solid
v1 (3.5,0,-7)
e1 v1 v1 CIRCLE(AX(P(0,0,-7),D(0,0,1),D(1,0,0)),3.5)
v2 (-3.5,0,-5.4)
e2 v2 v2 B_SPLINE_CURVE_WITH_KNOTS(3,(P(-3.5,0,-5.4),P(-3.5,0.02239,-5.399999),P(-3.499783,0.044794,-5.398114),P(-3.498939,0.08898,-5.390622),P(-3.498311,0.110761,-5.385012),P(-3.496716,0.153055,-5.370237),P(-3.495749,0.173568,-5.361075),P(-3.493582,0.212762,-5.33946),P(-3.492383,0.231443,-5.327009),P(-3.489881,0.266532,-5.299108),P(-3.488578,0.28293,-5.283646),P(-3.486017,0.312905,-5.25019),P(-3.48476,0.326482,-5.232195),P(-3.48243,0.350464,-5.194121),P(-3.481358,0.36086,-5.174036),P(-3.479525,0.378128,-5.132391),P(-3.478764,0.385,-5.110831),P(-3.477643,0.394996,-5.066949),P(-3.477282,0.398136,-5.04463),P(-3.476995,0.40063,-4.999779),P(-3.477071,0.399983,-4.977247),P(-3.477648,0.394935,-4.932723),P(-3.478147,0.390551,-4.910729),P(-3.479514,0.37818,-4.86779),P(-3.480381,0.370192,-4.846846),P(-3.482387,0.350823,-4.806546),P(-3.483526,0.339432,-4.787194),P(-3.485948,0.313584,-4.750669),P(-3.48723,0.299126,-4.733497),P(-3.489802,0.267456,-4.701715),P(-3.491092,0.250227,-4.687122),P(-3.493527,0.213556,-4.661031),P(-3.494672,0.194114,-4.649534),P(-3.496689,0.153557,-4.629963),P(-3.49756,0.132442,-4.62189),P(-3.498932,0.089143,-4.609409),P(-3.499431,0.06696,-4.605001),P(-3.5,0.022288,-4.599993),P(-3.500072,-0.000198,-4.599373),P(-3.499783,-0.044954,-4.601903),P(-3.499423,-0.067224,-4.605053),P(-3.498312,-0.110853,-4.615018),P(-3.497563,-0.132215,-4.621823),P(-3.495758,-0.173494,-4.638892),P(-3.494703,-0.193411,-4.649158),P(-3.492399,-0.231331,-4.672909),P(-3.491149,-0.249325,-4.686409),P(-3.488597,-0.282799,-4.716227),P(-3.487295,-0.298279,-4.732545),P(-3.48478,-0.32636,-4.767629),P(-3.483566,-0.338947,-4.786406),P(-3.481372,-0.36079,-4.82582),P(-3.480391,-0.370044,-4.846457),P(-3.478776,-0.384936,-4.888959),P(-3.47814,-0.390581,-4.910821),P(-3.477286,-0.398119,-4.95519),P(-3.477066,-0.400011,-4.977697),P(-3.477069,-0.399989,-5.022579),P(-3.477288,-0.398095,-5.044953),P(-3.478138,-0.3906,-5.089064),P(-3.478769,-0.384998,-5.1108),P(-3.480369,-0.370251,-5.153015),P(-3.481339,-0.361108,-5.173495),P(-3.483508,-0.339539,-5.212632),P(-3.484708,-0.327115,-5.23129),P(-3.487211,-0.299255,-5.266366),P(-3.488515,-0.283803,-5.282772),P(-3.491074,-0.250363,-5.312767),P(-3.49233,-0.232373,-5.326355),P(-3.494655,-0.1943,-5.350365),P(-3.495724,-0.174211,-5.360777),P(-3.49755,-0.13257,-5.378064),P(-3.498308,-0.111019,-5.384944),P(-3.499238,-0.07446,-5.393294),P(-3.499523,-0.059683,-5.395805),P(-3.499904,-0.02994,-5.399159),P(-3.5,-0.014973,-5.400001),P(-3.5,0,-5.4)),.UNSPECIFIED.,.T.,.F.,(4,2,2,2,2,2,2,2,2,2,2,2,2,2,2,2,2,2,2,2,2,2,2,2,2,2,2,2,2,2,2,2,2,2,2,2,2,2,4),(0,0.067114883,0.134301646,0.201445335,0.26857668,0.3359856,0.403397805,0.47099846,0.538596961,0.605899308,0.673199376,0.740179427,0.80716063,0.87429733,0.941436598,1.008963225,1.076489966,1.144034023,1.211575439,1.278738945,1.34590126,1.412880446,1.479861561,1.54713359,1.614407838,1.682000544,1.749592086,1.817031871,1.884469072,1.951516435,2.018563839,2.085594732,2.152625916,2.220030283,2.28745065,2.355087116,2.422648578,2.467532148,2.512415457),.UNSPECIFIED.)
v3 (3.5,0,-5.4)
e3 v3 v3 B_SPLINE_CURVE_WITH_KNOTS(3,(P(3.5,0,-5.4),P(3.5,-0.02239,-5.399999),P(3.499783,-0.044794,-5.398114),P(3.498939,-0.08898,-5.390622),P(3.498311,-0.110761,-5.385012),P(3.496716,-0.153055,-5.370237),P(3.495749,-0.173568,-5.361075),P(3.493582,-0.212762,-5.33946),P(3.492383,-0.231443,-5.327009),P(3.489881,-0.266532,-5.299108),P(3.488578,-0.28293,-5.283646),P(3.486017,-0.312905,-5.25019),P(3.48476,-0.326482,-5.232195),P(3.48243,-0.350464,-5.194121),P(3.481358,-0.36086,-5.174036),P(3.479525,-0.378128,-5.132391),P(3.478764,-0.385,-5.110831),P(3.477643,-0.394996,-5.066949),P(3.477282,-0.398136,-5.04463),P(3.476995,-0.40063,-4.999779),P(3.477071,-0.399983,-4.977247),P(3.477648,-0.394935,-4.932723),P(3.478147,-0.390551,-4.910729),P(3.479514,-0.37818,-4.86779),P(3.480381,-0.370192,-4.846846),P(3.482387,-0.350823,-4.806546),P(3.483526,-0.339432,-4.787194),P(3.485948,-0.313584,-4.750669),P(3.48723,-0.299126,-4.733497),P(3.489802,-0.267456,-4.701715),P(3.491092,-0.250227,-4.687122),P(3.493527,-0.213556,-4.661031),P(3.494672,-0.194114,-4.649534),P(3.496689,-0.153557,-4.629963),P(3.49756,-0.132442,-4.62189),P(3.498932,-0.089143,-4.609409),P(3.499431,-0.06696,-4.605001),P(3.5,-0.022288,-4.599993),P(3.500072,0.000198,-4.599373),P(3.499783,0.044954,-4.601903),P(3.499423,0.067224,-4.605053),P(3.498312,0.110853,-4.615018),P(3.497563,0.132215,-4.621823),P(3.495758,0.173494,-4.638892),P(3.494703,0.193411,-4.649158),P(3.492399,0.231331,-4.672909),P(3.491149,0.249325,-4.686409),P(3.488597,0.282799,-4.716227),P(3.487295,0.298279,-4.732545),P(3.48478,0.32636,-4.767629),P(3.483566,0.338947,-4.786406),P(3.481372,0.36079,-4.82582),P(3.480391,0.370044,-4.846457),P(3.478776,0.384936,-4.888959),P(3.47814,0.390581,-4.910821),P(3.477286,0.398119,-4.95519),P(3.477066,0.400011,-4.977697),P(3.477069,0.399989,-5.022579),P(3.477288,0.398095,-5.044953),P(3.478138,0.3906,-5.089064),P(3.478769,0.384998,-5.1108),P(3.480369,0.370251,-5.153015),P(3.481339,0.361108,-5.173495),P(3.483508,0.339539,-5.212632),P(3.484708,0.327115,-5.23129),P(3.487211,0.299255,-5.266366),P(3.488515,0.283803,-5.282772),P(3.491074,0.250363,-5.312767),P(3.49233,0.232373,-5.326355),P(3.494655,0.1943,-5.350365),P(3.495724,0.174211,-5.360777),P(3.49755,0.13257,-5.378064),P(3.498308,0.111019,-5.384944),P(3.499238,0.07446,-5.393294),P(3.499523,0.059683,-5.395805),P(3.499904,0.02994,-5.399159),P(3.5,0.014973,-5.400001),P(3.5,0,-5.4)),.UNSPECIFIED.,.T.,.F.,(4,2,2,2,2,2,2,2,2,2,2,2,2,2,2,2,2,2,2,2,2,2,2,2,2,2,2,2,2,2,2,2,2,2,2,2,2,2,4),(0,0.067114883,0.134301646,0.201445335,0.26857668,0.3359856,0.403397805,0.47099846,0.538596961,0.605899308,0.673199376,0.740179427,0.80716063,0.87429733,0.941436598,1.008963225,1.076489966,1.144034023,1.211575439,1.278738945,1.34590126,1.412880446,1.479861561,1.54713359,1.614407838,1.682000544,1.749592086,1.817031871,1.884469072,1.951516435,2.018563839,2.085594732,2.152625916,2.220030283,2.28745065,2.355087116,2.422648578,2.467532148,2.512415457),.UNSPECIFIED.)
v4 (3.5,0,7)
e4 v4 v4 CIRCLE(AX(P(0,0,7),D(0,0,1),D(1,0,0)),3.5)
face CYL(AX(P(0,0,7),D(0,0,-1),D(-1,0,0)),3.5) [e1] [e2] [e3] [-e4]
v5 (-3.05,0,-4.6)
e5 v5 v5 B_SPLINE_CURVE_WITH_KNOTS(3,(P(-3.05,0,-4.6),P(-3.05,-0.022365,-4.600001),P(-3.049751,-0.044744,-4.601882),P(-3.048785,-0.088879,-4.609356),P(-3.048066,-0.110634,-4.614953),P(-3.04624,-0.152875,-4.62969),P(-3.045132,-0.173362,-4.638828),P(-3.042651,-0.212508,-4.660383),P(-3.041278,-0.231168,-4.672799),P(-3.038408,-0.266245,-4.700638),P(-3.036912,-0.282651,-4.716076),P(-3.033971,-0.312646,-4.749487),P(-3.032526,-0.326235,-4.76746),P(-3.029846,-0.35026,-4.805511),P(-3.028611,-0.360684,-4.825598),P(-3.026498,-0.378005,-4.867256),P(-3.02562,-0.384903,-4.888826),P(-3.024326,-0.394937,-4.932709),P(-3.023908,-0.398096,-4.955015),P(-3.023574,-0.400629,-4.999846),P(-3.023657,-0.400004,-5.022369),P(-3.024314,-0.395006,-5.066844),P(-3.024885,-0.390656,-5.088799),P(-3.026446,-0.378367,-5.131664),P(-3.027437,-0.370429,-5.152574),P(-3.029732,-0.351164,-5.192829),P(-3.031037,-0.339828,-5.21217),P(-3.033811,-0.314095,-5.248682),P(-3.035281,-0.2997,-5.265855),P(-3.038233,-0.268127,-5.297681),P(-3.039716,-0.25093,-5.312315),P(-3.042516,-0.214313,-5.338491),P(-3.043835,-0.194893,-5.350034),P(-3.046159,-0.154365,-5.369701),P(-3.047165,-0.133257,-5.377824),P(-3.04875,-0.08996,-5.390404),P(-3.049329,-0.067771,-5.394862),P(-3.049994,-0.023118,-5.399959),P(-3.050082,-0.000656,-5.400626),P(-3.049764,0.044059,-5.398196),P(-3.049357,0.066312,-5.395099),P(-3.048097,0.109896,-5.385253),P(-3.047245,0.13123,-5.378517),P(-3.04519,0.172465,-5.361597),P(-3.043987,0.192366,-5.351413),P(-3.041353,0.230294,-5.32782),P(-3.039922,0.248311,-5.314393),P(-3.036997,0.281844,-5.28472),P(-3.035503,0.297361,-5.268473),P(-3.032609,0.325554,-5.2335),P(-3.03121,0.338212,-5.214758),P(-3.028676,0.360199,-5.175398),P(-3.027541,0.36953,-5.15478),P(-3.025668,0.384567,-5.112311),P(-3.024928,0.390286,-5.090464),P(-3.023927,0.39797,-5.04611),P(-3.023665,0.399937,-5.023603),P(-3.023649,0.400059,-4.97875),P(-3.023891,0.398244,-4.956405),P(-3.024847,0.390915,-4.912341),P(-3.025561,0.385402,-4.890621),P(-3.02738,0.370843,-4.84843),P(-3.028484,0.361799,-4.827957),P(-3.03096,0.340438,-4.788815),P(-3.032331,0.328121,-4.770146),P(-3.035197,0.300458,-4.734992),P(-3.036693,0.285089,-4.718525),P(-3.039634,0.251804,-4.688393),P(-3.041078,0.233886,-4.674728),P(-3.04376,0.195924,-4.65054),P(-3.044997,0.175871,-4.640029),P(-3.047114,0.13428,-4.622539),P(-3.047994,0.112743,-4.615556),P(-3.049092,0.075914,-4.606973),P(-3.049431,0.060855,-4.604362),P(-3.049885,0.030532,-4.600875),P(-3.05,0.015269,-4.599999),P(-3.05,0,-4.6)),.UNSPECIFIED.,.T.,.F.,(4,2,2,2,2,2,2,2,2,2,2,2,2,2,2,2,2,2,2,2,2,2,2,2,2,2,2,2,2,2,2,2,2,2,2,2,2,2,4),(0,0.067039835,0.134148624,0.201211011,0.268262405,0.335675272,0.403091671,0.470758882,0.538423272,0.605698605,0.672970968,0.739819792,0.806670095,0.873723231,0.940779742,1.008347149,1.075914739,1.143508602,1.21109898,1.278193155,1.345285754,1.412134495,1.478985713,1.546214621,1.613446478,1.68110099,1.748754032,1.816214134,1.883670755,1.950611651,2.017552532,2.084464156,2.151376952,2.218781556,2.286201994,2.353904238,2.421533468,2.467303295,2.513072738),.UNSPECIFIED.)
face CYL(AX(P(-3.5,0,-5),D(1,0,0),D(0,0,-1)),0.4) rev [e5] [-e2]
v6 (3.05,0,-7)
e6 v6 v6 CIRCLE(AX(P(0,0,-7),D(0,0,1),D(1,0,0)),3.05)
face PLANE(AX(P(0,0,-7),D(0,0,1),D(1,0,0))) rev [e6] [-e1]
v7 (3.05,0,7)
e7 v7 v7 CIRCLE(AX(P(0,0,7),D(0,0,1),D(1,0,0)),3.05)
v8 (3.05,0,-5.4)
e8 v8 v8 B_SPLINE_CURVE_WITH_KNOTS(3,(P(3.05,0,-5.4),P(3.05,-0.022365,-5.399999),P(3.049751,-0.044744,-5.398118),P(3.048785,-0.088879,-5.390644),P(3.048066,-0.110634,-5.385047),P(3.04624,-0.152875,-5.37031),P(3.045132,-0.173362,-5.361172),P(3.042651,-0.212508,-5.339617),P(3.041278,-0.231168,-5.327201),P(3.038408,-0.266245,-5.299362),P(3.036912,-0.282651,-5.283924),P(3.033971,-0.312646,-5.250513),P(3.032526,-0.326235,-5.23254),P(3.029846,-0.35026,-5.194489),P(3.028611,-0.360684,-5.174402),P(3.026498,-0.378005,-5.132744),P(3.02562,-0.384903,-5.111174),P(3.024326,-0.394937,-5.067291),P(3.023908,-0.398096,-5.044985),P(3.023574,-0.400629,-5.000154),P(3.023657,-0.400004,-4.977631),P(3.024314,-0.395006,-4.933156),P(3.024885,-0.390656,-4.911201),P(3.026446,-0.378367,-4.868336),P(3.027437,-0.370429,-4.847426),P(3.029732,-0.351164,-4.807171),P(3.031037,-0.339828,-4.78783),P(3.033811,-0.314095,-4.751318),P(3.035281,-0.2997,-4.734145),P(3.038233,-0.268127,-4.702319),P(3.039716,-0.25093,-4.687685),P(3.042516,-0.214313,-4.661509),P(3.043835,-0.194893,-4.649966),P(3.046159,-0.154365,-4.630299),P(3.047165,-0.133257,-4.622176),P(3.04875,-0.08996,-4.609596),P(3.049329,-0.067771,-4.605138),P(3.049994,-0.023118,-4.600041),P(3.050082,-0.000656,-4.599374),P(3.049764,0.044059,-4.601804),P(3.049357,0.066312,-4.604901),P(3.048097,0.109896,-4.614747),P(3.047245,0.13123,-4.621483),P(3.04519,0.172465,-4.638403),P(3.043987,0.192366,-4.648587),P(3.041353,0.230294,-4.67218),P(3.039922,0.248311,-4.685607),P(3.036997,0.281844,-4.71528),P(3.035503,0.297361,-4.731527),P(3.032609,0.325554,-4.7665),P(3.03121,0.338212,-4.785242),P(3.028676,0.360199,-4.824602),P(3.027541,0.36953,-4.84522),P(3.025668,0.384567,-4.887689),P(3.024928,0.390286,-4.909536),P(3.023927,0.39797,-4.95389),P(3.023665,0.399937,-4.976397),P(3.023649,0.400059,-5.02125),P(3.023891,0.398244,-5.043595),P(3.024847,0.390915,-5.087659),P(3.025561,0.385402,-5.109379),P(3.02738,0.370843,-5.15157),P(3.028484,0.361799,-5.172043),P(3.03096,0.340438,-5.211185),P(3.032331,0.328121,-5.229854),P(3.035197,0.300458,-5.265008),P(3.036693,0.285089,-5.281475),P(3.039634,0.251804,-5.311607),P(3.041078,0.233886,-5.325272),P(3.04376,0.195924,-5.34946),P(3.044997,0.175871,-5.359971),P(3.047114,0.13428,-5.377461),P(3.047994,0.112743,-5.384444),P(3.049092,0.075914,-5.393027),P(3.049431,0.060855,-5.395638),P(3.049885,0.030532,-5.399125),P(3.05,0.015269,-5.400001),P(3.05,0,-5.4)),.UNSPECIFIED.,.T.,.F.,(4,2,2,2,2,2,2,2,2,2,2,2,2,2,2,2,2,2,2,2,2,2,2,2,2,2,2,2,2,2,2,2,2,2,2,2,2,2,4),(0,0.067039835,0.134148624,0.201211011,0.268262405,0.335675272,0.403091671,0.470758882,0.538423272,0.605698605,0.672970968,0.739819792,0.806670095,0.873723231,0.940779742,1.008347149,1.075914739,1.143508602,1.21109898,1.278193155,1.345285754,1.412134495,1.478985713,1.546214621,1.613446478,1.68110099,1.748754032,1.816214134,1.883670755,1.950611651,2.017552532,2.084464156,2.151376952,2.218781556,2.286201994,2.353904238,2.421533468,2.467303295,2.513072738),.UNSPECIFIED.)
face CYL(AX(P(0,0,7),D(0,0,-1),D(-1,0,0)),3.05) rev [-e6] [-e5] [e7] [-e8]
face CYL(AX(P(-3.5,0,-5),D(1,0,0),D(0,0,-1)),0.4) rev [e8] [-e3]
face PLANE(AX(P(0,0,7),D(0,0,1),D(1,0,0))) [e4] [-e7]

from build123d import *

# Parameters (mm, degrees)
BOSS_EXTRUDE1_DEPTH      = 7
BOSS_EXTRUDE1_DEPTH_BACK = 7
SKETCH3_R                = 3.5
SKETCH3_R_2              = 3.05
SKETCH4_R                = 0.4
CUT_EXTRUDE1_DEPTH       = 11.533399261


with BuildPart() as part:
    # Sketch3 → Boss-Extrude1 (new, two sides: drawn at the far end of the back side and taken through both)
    with BuildSketch(Plane.XY.offset(-BOSS_EXTRUDE1_DEPTH_BACK)):
        Circle(SKETCH3_R)
        Circle(SKETCH3_R_2, mode=Mode.SUBTRACT)
    extrude(amount=BOSS_EXTRUDE1_DEPTH + BOSS_EXTRUDE1_DEPTH_BACK)

    # Sketch4 → Cut-Extrude1 (cut, through all)
    with BuildSketch(Plane(origin=(3.55, 0, 0), x_dir=(0, 0, -1), z_dir=(1, 0, 0))):
        with Locations((5, 0)):
            Circle(SKETCH4_R)
    extrude(amount=-CUT_EXTRUDE1_DEPTH, mode=Mode.SUBTRACT)


solid = part.part
